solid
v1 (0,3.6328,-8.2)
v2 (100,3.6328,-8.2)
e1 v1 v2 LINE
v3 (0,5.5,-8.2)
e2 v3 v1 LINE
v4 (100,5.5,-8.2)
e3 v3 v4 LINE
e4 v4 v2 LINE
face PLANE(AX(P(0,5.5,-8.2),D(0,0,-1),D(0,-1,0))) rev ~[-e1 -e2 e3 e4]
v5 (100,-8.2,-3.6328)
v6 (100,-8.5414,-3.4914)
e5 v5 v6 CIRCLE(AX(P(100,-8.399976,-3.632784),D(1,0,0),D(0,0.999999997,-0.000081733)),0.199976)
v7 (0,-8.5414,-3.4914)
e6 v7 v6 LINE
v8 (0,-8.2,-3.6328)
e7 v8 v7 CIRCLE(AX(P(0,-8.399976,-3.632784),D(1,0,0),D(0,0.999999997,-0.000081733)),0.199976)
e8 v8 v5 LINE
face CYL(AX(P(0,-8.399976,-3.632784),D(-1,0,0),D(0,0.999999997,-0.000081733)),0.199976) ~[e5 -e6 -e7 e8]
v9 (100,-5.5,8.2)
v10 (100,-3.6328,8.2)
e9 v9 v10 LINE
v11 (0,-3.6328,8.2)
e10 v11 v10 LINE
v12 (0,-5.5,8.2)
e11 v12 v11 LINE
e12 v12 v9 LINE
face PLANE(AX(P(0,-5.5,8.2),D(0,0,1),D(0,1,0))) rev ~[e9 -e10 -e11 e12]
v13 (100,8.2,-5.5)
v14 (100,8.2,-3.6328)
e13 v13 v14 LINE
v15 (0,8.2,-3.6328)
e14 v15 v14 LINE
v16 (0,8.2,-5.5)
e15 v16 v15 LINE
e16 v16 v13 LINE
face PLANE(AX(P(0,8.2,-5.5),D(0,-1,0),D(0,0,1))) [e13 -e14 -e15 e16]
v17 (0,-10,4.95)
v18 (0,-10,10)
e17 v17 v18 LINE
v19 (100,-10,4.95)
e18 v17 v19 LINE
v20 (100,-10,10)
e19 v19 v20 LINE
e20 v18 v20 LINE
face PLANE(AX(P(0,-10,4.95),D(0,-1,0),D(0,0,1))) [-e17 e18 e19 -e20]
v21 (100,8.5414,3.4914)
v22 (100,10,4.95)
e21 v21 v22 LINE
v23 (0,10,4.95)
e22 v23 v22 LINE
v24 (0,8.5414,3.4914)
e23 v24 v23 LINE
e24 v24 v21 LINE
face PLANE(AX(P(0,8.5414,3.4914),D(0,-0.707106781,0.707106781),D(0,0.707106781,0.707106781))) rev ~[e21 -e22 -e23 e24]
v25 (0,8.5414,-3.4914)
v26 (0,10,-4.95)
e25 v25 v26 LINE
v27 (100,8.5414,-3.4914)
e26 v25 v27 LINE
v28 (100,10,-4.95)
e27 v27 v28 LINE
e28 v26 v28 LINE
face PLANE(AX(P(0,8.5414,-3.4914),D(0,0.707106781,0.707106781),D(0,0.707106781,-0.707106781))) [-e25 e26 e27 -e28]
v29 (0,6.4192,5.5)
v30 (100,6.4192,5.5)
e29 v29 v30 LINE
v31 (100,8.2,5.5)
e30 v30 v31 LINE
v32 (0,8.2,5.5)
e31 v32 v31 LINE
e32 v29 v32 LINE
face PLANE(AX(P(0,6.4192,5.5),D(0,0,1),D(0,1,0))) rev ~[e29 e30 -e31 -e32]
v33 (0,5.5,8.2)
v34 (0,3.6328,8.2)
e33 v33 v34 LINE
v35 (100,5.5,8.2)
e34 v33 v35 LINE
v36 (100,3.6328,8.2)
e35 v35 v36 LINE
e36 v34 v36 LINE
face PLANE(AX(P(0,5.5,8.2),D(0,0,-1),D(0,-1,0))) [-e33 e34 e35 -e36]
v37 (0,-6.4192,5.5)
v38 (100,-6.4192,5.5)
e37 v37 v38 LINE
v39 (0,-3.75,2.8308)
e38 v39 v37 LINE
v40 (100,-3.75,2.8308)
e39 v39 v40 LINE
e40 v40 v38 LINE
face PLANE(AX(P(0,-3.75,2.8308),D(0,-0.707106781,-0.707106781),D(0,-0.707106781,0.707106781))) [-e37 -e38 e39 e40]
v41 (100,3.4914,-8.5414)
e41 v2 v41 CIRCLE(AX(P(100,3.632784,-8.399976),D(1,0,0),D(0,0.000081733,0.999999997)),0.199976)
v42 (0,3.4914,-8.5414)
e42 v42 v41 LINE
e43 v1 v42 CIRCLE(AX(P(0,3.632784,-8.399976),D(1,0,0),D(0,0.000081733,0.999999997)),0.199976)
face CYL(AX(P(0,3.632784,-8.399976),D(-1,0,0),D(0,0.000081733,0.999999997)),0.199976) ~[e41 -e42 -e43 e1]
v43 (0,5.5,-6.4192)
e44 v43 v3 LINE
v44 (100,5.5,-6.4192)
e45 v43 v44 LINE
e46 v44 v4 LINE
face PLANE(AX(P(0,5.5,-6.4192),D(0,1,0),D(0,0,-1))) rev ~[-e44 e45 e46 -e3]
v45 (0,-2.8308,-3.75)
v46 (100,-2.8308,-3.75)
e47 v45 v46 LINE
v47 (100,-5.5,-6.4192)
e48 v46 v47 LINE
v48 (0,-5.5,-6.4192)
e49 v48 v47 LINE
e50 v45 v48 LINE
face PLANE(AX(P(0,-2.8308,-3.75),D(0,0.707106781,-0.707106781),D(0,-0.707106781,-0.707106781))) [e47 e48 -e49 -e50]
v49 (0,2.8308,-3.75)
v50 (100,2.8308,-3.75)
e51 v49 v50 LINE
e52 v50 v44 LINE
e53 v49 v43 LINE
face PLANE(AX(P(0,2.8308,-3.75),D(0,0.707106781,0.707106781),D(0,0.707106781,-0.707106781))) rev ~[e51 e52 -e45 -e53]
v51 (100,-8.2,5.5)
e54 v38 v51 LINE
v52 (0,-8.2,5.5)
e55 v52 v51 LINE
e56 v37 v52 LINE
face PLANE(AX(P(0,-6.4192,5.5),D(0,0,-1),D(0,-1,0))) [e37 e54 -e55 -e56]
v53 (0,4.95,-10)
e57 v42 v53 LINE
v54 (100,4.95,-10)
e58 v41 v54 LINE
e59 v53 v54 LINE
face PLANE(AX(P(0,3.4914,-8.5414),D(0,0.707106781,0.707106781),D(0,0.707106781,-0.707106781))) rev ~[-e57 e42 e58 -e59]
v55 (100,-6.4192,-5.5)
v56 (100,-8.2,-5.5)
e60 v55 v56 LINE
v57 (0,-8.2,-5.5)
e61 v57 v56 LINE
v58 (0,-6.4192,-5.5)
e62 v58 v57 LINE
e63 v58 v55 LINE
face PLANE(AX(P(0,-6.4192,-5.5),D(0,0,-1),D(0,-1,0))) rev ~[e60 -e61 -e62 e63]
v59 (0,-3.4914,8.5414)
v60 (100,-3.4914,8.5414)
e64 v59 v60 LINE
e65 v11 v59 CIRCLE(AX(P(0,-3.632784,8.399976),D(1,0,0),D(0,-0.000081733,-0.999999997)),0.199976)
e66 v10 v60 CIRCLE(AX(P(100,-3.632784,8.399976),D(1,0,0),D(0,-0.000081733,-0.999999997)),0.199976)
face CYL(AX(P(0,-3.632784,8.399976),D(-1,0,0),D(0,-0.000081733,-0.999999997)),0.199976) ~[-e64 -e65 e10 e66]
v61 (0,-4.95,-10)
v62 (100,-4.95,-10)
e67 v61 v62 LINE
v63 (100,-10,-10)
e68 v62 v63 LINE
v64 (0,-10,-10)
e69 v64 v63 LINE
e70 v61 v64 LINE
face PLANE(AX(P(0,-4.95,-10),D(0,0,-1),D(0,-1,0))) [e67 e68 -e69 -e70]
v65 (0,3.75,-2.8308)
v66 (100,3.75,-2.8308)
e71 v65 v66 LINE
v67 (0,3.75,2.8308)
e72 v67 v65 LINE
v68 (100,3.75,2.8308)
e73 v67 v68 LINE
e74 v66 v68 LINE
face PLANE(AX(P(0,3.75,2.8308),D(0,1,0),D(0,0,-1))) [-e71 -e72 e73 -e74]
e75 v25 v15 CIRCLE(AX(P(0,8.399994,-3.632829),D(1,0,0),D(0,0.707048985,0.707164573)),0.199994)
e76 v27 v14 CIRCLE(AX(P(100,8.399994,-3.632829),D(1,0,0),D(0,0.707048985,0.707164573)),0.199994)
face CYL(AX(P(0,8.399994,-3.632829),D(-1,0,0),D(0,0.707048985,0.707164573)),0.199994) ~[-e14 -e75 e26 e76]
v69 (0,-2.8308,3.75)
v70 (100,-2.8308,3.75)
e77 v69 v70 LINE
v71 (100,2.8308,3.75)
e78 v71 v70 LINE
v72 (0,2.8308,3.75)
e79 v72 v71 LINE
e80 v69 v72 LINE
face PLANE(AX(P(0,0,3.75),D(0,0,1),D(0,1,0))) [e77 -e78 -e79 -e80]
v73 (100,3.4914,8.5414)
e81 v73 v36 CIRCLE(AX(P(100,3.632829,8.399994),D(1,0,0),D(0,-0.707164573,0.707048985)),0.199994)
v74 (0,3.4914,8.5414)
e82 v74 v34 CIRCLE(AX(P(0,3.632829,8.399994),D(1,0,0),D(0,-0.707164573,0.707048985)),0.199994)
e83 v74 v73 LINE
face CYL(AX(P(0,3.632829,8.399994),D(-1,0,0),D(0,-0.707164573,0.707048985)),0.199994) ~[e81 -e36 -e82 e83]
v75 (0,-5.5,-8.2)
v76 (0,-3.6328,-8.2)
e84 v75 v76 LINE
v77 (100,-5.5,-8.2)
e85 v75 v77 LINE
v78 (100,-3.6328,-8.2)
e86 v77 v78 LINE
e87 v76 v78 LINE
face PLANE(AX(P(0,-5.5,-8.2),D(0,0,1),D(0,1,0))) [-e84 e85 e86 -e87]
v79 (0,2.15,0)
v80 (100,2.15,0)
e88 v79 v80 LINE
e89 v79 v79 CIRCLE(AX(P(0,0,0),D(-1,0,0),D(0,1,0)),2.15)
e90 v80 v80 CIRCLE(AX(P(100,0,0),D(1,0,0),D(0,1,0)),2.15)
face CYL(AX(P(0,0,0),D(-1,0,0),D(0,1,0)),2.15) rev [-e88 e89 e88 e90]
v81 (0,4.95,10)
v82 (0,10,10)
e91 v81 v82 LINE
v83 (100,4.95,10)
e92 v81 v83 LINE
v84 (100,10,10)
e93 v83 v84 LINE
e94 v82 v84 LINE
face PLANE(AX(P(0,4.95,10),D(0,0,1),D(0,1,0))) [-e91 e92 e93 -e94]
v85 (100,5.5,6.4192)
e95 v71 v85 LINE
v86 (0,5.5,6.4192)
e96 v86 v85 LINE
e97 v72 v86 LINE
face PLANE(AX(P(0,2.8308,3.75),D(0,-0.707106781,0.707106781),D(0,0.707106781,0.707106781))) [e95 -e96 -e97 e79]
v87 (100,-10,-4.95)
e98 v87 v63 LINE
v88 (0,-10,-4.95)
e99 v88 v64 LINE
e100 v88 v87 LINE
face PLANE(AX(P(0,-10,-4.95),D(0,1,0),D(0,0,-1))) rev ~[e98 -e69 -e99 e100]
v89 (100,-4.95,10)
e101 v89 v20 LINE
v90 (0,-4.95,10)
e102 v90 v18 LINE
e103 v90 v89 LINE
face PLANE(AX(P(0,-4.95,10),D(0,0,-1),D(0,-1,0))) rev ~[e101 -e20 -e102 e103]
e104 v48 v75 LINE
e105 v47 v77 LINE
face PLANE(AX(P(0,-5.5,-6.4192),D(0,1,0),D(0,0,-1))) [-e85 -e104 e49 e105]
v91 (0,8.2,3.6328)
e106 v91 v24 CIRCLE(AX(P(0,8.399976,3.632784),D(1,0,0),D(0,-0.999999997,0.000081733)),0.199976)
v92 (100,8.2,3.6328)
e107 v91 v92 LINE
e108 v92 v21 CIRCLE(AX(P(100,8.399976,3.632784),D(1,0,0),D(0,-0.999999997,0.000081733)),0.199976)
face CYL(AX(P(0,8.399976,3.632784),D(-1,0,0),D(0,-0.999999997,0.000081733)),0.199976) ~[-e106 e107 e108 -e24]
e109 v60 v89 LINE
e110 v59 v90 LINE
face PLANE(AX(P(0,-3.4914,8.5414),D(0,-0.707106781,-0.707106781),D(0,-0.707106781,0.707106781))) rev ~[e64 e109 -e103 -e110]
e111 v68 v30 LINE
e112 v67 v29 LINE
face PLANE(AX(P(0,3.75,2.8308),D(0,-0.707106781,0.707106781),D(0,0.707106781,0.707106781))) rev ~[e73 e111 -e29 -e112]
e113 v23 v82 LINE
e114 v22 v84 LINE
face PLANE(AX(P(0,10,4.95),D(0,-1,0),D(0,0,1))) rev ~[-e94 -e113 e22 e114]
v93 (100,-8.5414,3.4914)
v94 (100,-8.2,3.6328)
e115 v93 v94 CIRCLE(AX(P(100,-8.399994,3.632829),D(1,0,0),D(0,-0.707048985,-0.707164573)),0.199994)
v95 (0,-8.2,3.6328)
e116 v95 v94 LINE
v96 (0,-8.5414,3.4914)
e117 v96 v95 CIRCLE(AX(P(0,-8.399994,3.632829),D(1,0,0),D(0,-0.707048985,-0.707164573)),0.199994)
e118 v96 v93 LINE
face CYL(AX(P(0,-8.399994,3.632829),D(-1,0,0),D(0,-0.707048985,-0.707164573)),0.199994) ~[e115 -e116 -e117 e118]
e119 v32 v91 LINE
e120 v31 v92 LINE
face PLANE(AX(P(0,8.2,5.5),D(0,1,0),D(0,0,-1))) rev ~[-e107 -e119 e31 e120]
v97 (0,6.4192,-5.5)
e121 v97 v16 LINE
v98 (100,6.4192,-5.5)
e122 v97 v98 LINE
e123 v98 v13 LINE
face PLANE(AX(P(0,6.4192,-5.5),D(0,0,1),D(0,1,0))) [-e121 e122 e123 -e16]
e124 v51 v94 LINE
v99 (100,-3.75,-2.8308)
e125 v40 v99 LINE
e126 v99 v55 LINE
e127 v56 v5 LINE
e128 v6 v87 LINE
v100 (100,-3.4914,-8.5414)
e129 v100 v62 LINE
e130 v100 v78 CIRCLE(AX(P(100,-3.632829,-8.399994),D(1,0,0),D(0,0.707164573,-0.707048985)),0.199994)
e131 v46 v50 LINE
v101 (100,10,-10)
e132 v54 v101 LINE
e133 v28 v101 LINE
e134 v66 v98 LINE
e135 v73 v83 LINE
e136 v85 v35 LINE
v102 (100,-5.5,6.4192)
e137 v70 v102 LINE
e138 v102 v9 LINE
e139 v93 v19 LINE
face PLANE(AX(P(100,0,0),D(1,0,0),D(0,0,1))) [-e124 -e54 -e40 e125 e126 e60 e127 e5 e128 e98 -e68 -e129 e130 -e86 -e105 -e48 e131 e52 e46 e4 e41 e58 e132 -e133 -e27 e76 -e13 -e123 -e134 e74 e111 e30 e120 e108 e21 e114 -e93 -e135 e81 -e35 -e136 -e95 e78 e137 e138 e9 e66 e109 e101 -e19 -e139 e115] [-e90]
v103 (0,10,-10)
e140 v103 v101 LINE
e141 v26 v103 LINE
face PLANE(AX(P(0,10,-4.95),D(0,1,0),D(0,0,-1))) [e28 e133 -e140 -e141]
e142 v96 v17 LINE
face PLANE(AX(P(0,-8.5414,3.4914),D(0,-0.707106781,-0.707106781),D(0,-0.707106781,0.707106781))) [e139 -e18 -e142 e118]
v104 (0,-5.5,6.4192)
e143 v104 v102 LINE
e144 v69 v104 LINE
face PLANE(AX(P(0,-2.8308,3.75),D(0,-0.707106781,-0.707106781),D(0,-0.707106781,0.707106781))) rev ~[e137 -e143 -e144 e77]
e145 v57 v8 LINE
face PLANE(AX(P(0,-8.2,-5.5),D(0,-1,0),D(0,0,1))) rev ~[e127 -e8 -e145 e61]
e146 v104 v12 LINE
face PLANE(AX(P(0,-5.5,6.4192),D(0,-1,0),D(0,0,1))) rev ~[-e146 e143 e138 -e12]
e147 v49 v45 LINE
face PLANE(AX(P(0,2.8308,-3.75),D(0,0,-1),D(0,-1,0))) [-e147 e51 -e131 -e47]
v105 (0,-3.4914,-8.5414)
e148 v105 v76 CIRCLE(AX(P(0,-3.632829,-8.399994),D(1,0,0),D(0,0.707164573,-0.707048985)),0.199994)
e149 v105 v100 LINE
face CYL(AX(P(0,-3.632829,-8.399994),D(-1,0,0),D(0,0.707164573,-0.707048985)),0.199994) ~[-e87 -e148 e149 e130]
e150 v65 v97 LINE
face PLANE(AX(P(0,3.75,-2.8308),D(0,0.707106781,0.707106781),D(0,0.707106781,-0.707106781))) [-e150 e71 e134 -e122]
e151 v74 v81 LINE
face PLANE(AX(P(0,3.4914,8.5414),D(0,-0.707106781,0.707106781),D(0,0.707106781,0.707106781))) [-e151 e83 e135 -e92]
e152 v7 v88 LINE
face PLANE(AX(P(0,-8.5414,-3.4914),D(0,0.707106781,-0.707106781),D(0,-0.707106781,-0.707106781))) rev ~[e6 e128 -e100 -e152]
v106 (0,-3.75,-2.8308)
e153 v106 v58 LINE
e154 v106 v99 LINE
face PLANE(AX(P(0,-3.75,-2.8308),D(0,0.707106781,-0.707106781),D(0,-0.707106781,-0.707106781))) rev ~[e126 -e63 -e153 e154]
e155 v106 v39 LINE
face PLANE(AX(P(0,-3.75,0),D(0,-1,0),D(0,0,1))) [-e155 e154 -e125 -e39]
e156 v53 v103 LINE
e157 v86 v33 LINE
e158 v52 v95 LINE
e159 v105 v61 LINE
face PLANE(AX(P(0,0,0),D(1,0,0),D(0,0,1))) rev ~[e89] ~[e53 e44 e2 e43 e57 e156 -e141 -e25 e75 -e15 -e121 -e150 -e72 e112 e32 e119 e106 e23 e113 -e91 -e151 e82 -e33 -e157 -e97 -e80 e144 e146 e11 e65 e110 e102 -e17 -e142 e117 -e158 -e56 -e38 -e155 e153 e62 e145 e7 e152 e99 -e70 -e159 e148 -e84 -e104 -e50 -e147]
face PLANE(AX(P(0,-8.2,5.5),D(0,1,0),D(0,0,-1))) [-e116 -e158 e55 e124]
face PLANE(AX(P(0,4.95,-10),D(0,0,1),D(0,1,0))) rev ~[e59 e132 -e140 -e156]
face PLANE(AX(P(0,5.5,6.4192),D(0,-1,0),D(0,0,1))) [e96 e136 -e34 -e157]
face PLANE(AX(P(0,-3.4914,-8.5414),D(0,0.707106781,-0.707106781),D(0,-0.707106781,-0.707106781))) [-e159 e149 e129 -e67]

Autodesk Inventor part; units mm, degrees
ref_plane "YZ Plane" through (0, 0, 0) normal (1, 0, 0) x (0, 1, 0)
ref_plane "XZ Plane" through (0, 0, 0) normal (0, 1, 0) x (-1, 0, 0)
ref_plane "XY Plane" through (0, 0, 0) normal (0, 0, 1) x (1, 0, 0)
sketch "Sketch1" plane through (0, 0, 0) normal (1, 0, 0) x (0, 1, 0)
  arc A0 (0, -2.15) -> (2.15, 0) centre (0, 0) ccw
  line L0 (3.75, 0) -> (3.75, -2.8308)
  line L1 (2.8308, -3.75) -> (0, -3.75)
  line L2 (0, 0) -> (10, 0) construction
  line L3 (10, 0) -> (10, -10) construction
  line L4 (10, -10) -> (0, -10) construction
  line L5 (0, -10) -> (0, 0) construction
  line L6 (3.75, -2.8308) -> (6.4192, -5.5)
  line L7 (2.8308, -3.75) -> (5.5, -6.4192)
  line L8 (5.5, -6.4192) -> (5.5, -8.2)
  line L9 (5.5, -8.2) -> (3.15, -8.2)
  line L10 (0, 0) -> (5.5, 0) construction
  line L11 (5.5, 0) -> (5.5, -5.5) construction
  line L12 (5.5, -5.5) -> (0, -5.5) construction
  line L13 (0, -5.5) -> (0, 0) construction
  line L14 (6.4192, -5.5) -> (8.2, -5.5)
  line L15 (3.4914, -8.5414) -> (4.95, -10)
  line L16 (3.6328, -8.2) -> (5.6956, -8.2) construction
  line L17 (8.2, -5.5) -> (8.2, -3.6328)
  line L18 (8.5414, -3.4914) -> (10, -4.95)
  line L19 (10, -4.95) -> (10, -10)
  line L20 (4.95, -10) -> (10, -10)
  arc A1 (2.15, 0) -> (0, -2.15) centre (0, 0) ccw construction
  arc A2 (3.6328, -8.2) -> (3.4914, -8.5414) centre (3.6328, -8.4) ccw
  arc A3 (8.5414, -3.4914) -> (8.2, -3.6328) centre (8.4, -3.6328) ccw
  line L21 (3.75, 0) -> (2.15, 0)
  line L22 (0, -2.15) -> (0, -3.75)
  point P0 (8.2, -3.15)
  dimension "d0" = 4.3
  dimension "d1" = 3.75
  dimension "d2" = 3.75
  dimension "d5" = 10
  dimension "d6" = 10
  dimension "d10" = 5.5
  dimension "d11" = 5.5
  dimension "d12" = 1.8
  dimension "d14" = 1.3
  dimension "d15" = 45
  dimension "d16" = 3.15
  dimension "d17" = 45
  dimension "d18" = 3.15
  dimension "d19" = 1.8
  dimension "d20" = 0.2
extrude "Extrusion1" add sketch "Sketch1" along normal blind 100
pattern_circular "Circular Pattern1" count 4 over 360 about axis through (0, 0, 0) along (-1, 0, 0) of "Extrusion1"
equation "\"d2\" = d1"
equation "\"d18\" = d16"
equation "\"d19\" = d12"
properties part number "VSlot Extrusion 20x20x650mm" material "Aluminum 6061"
